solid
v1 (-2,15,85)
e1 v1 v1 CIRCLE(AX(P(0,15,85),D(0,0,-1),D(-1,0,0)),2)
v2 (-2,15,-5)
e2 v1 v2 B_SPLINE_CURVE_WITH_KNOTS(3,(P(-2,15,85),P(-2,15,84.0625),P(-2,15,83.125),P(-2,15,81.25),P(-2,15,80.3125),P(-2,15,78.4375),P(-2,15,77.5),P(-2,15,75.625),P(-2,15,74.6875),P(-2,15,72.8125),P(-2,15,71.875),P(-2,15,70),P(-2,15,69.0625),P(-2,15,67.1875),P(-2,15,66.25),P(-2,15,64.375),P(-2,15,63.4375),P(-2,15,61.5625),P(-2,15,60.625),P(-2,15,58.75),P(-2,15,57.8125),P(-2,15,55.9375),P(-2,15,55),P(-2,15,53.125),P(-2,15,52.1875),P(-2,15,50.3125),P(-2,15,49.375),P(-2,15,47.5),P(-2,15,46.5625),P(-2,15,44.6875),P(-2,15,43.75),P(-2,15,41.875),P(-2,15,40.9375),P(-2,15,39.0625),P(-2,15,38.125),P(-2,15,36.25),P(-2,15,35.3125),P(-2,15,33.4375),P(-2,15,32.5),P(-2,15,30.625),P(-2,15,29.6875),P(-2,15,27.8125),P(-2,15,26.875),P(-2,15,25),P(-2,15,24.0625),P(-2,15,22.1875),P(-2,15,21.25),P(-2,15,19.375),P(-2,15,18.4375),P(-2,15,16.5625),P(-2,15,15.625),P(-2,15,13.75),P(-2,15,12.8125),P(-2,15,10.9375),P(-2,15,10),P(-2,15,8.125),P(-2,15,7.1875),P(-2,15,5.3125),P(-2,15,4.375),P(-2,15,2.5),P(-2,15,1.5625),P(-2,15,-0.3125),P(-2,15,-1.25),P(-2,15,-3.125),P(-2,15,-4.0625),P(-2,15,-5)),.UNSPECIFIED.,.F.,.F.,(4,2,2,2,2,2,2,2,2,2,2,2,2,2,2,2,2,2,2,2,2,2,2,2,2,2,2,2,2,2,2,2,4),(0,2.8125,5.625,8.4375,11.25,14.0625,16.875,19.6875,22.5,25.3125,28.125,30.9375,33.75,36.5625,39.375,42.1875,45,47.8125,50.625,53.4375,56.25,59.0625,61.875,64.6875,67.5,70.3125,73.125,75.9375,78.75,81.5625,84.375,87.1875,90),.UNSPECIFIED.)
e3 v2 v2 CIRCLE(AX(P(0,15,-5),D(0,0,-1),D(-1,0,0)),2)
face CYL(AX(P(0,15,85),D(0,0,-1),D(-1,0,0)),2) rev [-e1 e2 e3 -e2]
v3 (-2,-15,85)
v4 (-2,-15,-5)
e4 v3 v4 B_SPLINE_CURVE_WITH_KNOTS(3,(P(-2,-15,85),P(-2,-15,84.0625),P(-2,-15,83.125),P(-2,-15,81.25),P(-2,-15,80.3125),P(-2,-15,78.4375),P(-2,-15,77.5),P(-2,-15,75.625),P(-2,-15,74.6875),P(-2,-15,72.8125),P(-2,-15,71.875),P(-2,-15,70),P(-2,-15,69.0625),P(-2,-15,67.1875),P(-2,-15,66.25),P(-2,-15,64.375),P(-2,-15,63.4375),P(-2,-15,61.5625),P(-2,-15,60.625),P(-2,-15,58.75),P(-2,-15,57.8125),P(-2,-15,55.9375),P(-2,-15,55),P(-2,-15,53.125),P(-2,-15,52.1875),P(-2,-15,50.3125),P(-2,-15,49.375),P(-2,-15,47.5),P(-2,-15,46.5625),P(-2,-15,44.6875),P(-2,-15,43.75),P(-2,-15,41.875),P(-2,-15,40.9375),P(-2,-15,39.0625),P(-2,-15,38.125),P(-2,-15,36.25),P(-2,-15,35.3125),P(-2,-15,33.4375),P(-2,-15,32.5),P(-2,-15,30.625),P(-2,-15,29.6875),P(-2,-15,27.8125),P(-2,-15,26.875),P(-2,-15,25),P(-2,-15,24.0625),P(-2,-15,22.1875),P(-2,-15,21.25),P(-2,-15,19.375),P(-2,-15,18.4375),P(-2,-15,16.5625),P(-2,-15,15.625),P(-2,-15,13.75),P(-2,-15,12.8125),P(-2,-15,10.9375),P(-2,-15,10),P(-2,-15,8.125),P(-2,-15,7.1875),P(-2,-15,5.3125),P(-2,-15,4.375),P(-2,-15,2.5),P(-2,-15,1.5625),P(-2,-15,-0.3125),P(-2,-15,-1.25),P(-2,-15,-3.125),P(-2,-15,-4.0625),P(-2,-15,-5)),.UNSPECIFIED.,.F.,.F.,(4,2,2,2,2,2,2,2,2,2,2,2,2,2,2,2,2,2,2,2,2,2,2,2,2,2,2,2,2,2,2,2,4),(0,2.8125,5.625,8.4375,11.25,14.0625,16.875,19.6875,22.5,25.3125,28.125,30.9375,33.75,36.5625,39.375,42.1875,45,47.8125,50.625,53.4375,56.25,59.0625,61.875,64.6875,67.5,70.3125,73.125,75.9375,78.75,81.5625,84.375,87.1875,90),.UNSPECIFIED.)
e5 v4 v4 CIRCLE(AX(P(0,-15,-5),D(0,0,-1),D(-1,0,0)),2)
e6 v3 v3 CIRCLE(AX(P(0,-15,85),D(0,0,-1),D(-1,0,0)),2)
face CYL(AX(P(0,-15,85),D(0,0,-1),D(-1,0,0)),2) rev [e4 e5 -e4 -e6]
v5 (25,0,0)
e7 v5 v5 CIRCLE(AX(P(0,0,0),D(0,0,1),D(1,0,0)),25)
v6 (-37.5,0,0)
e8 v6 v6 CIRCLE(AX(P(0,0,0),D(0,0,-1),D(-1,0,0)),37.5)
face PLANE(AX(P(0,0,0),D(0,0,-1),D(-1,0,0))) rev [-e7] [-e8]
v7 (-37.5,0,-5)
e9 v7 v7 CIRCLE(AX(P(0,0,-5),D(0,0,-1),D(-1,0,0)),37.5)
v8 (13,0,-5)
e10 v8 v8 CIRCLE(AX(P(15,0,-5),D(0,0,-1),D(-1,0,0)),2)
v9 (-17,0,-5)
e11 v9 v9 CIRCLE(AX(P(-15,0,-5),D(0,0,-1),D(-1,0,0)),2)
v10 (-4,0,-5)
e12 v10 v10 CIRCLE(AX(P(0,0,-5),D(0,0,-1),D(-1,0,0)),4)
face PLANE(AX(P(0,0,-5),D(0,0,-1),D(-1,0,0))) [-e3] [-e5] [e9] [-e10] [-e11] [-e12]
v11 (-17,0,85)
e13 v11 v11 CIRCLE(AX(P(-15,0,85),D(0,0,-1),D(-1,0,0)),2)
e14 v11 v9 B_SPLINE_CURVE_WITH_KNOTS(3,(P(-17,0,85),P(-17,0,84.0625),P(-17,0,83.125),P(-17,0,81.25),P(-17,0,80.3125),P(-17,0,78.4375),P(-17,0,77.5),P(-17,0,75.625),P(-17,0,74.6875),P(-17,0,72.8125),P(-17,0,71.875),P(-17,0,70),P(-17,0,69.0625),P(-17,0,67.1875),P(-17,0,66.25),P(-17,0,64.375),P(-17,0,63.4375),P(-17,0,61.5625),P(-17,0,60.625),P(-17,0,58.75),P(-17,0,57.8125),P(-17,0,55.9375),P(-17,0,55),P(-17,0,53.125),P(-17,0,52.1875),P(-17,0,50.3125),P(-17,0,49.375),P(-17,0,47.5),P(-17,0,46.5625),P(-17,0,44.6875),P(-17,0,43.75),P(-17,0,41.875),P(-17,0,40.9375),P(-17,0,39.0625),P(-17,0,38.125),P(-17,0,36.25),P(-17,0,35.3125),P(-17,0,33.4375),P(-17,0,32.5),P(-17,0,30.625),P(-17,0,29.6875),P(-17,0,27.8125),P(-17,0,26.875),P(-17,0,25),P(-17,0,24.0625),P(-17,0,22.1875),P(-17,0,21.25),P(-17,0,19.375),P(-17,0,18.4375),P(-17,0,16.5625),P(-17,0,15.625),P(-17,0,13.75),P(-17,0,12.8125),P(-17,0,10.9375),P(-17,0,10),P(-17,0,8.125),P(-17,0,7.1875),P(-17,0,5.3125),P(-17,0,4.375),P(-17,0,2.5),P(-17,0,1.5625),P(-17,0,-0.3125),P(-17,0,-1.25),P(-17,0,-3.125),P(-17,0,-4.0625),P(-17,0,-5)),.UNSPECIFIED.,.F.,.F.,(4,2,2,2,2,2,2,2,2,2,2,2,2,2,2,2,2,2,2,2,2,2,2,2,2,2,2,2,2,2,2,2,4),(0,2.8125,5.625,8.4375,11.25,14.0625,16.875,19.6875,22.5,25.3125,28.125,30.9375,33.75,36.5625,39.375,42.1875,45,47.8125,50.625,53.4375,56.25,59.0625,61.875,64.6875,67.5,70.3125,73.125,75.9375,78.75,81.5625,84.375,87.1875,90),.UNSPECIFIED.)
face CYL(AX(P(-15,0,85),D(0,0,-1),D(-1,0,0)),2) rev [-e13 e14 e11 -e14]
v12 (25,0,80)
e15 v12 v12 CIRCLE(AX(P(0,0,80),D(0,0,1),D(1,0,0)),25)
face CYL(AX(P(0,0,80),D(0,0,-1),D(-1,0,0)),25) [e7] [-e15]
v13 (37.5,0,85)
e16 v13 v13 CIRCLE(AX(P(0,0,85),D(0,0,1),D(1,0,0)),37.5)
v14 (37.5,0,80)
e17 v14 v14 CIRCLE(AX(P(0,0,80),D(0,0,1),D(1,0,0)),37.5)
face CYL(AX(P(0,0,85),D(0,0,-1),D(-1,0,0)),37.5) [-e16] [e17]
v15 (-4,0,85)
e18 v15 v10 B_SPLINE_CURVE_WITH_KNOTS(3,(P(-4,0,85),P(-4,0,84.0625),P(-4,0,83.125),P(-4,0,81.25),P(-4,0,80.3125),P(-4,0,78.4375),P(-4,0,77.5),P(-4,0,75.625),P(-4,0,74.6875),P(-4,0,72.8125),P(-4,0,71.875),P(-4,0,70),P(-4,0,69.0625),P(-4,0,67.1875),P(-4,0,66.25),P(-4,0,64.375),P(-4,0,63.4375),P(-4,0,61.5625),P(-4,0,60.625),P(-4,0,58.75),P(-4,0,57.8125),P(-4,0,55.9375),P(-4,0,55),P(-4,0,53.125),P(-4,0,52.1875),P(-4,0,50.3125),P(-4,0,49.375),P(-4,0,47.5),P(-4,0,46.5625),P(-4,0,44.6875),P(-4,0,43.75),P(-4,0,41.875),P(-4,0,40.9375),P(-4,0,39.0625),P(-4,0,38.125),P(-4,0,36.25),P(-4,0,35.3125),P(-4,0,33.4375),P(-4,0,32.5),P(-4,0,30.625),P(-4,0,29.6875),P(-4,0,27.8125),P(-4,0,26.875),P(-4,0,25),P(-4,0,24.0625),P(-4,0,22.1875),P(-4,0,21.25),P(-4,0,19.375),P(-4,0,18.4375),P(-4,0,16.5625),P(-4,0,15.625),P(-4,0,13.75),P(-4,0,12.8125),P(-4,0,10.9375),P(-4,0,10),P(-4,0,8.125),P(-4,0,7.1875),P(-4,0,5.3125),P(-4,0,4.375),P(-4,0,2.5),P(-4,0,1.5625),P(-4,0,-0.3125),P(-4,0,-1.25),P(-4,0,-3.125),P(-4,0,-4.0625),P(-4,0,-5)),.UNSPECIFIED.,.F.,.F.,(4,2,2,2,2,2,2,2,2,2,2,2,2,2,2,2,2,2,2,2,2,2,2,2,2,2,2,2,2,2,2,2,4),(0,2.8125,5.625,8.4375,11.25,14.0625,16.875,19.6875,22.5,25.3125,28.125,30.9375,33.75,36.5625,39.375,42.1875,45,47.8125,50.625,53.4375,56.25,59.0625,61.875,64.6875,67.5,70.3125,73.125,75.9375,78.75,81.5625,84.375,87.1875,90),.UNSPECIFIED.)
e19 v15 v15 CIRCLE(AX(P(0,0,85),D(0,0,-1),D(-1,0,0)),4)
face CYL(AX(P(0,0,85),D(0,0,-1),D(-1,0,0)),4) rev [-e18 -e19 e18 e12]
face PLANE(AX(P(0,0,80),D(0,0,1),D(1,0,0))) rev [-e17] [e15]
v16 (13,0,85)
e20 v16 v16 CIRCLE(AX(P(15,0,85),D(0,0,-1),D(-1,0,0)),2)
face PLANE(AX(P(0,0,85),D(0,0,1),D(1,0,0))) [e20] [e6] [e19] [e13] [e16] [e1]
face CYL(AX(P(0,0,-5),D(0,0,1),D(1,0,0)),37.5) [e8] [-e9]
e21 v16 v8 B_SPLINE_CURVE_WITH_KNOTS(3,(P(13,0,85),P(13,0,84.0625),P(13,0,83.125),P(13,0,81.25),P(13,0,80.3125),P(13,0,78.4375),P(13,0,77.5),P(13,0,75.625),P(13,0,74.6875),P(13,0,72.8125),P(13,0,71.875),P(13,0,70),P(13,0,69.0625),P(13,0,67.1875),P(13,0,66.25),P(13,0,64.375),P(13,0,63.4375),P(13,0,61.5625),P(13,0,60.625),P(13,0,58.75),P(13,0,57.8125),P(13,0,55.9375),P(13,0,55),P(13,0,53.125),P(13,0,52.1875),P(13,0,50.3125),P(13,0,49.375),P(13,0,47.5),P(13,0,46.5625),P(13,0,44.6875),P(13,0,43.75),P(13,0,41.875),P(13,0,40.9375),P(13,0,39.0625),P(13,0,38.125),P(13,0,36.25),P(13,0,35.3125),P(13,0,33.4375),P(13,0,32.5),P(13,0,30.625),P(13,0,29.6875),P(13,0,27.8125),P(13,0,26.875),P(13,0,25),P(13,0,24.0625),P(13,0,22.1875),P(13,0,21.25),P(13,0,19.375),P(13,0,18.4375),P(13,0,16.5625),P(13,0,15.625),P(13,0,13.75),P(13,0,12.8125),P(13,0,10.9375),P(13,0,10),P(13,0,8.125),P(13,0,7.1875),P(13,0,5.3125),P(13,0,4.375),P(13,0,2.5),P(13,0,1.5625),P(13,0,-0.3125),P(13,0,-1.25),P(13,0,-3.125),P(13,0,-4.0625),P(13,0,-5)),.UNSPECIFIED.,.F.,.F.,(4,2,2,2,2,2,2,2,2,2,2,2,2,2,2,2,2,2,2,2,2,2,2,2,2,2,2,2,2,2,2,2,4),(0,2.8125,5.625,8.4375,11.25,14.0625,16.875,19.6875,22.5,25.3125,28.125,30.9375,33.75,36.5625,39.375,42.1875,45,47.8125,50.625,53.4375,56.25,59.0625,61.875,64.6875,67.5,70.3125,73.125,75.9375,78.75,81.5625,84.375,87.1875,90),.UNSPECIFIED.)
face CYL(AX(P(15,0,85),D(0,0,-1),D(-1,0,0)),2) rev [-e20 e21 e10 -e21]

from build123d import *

# Parameters (mm, degrees)
SKETCH1_R           = 25
BOSS_EXTRUDE1_DEPTH = 80
SKETCH2_R           = 37.5
BOSS_EXTRUDE2_DEPTH = 5
BOSS_EXTRUDE3_START = 5
SKETCH3_R           = 37.5
BOSS_EXTRUDE3_DEPTH = 5
SKETCH4_R           = 4
SKETCH4_R_2         = 2
CUT_EXTRUDE1_DEPTH  = 105.462912079


with BuildPart() as part:
    # Sketch1 → Boss-Extrude1 (new body)
    with BuildSketch(Plane.XY):
        Circle(SKETCH1_R)
    extrude(amount=BOSS_EXTRUDE1_DEPTH)

    # Sketch2 → Boss-Extrude2 (add)
    with BuildSketch(Plane.XY.offset(80)):
        Circle(SKETCH2_R)
    extrude(amount=BOSS_EXTRUDE2_DEPTH)

    # Sketch3 → Boss-Extrude3 (add)
    with BuildSketch(Plane(origin=(0, 0, 0), x_dir=(-1, 0, 0), z_dir=(0, 0, -1)).offset(BOSS_EXTRUDE3_START)):
        with Locations(Location((0, 0, 0), (0, 0, 180))):
            Circle(SKETCH3_R)
    extrude(amount=-BOSS_EXTRUDE3_DEPTH)

    # Sketch4 → Cut-Extrude1 (cut, through all)
    with BuildSketch(Plane(origin=(0, 0, -5), x_dir=(-1, 0, 0), z_dir=(0, 0, -1))):
        Circle(SKETCH4_R)
        with Locations((0, 15)):
            Circle(SKETCH4_R_2)
        with Locations((15, 0)):
            Circle(SKETCH4_R_2)
        with Locations((0, -15)):
            Circle(SKETCH4_R_2)
        with Locations((-15, 0)):
            Circle(SKETCH4_R_2)
    extrude(amount=-CUT_EXTRUDE1_DEPTH, mode=Mode.SUBTRACT)


solid = part.part
